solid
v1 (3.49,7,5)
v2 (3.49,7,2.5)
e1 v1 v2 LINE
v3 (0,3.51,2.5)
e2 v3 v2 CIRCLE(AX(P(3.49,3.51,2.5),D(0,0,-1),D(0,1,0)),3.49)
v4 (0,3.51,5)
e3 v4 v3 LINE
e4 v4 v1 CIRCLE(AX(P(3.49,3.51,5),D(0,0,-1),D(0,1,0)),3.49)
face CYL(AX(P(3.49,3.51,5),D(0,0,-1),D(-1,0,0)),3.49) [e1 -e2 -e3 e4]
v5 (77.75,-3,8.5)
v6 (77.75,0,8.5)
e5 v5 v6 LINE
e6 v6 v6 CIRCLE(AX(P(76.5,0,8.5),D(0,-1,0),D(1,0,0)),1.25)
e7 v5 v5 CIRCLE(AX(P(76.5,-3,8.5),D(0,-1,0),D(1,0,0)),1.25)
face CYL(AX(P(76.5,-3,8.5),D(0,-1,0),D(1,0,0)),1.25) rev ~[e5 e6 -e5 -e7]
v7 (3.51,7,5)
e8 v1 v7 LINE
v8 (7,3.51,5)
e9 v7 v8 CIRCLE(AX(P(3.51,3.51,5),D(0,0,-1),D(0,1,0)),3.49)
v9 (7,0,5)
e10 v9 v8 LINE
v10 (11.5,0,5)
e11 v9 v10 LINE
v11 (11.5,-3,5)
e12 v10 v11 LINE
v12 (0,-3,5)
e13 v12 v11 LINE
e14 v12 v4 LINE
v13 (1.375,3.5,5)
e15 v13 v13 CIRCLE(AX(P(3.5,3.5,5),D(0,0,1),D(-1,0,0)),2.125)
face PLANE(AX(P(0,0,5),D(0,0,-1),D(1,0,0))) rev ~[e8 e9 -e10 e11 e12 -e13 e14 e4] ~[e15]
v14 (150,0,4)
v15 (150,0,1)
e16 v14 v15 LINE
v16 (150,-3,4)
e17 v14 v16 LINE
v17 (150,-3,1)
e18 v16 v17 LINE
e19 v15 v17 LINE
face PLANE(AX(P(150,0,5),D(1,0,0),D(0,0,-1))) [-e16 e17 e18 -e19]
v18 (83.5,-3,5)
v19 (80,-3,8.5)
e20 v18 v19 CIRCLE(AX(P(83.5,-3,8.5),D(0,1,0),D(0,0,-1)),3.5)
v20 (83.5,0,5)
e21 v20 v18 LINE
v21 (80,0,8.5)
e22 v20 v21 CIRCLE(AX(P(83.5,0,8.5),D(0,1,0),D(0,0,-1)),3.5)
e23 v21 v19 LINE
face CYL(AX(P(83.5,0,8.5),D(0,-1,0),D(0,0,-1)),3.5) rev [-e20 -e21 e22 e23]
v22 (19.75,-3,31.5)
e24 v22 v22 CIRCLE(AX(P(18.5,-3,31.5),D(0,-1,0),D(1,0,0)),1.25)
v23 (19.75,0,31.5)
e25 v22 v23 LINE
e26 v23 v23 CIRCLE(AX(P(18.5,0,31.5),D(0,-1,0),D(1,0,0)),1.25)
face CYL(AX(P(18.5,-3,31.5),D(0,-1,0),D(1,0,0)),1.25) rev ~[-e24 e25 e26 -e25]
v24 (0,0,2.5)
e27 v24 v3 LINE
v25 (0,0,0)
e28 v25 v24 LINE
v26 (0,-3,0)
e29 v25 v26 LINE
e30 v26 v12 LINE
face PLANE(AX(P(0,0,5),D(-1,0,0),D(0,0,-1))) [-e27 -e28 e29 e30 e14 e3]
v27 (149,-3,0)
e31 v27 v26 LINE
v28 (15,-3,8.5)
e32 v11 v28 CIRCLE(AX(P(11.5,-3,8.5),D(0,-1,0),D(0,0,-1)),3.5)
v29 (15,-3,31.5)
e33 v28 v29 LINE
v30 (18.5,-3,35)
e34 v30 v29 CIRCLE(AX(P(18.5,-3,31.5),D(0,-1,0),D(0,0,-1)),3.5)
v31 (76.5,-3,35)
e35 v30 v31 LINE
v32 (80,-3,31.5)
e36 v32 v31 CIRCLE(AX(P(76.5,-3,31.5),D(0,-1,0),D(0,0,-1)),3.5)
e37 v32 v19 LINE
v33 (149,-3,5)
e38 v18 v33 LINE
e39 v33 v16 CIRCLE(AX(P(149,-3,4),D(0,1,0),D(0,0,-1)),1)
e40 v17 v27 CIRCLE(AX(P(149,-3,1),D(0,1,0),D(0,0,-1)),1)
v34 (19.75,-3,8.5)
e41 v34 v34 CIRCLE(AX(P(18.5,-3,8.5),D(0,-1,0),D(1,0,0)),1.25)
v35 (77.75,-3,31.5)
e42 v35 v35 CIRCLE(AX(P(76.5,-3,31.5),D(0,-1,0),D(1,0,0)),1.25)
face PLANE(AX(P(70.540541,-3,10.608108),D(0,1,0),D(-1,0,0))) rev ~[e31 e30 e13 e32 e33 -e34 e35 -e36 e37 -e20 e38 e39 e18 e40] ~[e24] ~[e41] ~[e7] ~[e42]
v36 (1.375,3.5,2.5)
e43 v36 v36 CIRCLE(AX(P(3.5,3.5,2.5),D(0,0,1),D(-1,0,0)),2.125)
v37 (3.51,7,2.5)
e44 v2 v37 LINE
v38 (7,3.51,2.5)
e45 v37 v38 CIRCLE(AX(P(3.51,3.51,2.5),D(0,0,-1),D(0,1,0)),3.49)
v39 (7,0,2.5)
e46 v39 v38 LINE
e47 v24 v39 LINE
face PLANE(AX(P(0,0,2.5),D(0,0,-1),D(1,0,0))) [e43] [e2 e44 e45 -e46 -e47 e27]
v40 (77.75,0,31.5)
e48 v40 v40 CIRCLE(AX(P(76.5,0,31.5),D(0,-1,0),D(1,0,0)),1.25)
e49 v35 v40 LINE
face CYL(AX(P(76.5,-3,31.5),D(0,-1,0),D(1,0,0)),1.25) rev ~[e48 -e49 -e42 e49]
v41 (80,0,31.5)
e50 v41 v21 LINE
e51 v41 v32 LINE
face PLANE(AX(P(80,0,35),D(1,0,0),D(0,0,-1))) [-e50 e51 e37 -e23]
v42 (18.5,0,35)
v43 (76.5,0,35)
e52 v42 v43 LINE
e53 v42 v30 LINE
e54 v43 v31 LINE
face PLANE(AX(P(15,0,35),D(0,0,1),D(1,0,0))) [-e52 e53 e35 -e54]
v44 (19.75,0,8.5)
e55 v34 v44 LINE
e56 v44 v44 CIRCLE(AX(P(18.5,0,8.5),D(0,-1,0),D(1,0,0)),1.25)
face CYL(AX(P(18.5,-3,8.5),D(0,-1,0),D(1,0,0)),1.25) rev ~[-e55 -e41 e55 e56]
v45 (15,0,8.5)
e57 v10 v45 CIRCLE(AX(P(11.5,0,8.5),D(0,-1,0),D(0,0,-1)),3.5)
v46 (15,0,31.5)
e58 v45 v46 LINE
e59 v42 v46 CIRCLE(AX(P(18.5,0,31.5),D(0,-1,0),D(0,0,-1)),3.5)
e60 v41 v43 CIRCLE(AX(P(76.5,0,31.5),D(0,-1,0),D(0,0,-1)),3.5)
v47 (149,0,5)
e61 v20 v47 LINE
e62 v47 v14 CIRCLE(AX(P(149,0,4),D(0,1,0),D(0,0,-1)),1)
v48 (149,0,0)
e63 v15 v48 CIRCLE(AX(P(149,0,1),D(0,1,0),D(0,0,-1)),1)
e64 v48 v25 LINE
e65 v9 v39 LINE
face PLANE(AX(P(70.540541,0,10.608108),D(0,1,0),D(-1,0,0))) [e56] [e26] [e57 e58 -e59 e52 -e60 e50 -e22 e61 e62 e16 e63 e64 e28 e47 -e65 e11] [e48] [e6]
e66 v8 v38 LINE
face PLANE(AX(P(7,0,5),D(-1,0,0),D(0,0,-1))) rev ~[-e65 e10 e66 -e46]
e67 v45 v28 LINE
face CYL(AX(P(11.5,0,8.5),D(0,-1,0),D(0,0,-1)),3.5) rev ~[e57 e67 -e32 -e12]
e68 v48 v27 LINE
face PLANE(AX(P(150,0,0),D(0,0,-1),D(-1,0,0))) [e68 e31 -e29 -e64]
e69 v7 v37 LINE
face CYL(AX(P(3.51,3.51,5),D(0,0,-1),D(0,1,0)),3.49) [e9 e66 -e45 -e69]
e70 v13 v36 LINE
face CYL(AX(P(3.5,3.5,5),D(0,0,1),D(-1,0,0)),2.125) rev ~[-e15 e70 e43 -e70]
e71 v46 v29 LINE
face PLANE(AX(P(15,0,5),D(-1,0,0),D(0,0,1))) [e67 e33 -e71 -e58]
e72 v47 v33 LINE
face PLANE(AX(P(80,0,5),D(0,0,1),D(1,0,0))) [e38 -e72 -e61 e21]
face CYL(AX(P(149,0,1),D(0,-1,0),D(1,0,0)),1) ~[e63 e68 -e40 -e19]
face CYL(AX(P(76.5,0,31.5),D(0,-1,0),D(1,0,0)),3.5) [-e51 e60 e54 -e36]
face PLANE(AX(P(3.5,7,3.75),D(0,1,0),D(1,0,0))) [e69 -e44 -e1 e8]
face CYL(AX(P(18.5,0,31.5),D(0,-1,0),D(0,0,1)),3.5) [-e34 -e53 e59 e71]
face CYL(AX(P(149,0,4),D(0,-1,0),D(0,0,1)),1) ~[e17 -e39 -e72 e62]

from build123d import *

# Parameters (mm, degrees)
PAD_DEPTH       = 3
SKETCH001_W     = 7
SKETCH001_H     = 2.5
PAD001_DEPTH    = 7
SKETCH002_R     = 2.125
POCKET_DEPTH    = 2.5
FILLET_R        = 3.49
FILLET001_R     = 3.5
FILLET002_R     = 1
SKETCH003_R     = 1.25
POCKET001_DEPTH = 25


with BuildPart() as part:
    # Sketch → Pad (new body)
    with BuildSketch(Plane.XZ):
        Polygon((0, 0), (0, 5), (15, 5), (15, 35), (80, 35), (80, 5), (150, 5), (150, 0), align=None)
    extrude(amount=PAD_DEPTH)

    # Sketch001 (on Face9 of Pad) → Pad001 (join)
    with BuildSketch(Plane(origin=(0, 0, 0), x_dir=(1, 0, 0), z_dir=(0, 1, 0))):
        with Locations((3.5, -3.75)):
            Rectangle(SKETCH001_W, SKETCH001_H)
    extrude(amount=PAD001_DEPTH)

    # Sketch002 (on Face9 of Pad001) → Pocket (cut)
    with BuildSketch(Plane(origin=(0, 0, 5), x_dir=(-1, 0, 0), z_dir=(0, 0, 1))):
        with Locations((-3.5, -3.5)):
            Circle(SKETCH002_R)
    extrude(amount=-POCKET_DEPTH, mode=Mode.SUBTRACT)

    # Fillet
    fillet_edges = [part.edges().sort_by_distance(p)[0] for p in [
        (0, 7, 3.75),
        (7, 7, 3.75),
    ]]
    fillet(fillet_edges, radius=FILLET_R)

    # Fillet001
    fillet001_edges = [part.edges().sort_by_distance(p)[0] for p in [
        (15, -1.5, 35),
        (15, -1.5, 5),
        (80, -1.5, 5),
        (80, -1.5, 35),
    ]]
    fillet(fillet001_edges, radius=FILLET001_R)

    # Fillet002
    fillet002_edges = [part.edges().sort_by_distance(p)[0] for p in [
        (150, -1.5, 5),
        (150, -1.5, 0),
    ]]
    fillet(fillet002_edges, radius=FILLET002_R)

    # Sketch003 (on Face13 of Fillet) → Pocket001 (cut)
    with BuildSketch(Plane.XZ.offset(3)):
        with Locations((18.5, 31.5)):
            Circle(SKETCH003_R)
        with Locations((18.5, 8.5)):
            Circle(SKETCH003_R)
        with Locations((76.5, 8.5)):
            Circle(SKETCH003_R)
        with Locations((76.5, 31.5)):
            Circle(SKETCH003_R)
    extrude(amount=-POCKET001_DEPTH, mode=Mode.SUBTRACT)


solid = part.part
